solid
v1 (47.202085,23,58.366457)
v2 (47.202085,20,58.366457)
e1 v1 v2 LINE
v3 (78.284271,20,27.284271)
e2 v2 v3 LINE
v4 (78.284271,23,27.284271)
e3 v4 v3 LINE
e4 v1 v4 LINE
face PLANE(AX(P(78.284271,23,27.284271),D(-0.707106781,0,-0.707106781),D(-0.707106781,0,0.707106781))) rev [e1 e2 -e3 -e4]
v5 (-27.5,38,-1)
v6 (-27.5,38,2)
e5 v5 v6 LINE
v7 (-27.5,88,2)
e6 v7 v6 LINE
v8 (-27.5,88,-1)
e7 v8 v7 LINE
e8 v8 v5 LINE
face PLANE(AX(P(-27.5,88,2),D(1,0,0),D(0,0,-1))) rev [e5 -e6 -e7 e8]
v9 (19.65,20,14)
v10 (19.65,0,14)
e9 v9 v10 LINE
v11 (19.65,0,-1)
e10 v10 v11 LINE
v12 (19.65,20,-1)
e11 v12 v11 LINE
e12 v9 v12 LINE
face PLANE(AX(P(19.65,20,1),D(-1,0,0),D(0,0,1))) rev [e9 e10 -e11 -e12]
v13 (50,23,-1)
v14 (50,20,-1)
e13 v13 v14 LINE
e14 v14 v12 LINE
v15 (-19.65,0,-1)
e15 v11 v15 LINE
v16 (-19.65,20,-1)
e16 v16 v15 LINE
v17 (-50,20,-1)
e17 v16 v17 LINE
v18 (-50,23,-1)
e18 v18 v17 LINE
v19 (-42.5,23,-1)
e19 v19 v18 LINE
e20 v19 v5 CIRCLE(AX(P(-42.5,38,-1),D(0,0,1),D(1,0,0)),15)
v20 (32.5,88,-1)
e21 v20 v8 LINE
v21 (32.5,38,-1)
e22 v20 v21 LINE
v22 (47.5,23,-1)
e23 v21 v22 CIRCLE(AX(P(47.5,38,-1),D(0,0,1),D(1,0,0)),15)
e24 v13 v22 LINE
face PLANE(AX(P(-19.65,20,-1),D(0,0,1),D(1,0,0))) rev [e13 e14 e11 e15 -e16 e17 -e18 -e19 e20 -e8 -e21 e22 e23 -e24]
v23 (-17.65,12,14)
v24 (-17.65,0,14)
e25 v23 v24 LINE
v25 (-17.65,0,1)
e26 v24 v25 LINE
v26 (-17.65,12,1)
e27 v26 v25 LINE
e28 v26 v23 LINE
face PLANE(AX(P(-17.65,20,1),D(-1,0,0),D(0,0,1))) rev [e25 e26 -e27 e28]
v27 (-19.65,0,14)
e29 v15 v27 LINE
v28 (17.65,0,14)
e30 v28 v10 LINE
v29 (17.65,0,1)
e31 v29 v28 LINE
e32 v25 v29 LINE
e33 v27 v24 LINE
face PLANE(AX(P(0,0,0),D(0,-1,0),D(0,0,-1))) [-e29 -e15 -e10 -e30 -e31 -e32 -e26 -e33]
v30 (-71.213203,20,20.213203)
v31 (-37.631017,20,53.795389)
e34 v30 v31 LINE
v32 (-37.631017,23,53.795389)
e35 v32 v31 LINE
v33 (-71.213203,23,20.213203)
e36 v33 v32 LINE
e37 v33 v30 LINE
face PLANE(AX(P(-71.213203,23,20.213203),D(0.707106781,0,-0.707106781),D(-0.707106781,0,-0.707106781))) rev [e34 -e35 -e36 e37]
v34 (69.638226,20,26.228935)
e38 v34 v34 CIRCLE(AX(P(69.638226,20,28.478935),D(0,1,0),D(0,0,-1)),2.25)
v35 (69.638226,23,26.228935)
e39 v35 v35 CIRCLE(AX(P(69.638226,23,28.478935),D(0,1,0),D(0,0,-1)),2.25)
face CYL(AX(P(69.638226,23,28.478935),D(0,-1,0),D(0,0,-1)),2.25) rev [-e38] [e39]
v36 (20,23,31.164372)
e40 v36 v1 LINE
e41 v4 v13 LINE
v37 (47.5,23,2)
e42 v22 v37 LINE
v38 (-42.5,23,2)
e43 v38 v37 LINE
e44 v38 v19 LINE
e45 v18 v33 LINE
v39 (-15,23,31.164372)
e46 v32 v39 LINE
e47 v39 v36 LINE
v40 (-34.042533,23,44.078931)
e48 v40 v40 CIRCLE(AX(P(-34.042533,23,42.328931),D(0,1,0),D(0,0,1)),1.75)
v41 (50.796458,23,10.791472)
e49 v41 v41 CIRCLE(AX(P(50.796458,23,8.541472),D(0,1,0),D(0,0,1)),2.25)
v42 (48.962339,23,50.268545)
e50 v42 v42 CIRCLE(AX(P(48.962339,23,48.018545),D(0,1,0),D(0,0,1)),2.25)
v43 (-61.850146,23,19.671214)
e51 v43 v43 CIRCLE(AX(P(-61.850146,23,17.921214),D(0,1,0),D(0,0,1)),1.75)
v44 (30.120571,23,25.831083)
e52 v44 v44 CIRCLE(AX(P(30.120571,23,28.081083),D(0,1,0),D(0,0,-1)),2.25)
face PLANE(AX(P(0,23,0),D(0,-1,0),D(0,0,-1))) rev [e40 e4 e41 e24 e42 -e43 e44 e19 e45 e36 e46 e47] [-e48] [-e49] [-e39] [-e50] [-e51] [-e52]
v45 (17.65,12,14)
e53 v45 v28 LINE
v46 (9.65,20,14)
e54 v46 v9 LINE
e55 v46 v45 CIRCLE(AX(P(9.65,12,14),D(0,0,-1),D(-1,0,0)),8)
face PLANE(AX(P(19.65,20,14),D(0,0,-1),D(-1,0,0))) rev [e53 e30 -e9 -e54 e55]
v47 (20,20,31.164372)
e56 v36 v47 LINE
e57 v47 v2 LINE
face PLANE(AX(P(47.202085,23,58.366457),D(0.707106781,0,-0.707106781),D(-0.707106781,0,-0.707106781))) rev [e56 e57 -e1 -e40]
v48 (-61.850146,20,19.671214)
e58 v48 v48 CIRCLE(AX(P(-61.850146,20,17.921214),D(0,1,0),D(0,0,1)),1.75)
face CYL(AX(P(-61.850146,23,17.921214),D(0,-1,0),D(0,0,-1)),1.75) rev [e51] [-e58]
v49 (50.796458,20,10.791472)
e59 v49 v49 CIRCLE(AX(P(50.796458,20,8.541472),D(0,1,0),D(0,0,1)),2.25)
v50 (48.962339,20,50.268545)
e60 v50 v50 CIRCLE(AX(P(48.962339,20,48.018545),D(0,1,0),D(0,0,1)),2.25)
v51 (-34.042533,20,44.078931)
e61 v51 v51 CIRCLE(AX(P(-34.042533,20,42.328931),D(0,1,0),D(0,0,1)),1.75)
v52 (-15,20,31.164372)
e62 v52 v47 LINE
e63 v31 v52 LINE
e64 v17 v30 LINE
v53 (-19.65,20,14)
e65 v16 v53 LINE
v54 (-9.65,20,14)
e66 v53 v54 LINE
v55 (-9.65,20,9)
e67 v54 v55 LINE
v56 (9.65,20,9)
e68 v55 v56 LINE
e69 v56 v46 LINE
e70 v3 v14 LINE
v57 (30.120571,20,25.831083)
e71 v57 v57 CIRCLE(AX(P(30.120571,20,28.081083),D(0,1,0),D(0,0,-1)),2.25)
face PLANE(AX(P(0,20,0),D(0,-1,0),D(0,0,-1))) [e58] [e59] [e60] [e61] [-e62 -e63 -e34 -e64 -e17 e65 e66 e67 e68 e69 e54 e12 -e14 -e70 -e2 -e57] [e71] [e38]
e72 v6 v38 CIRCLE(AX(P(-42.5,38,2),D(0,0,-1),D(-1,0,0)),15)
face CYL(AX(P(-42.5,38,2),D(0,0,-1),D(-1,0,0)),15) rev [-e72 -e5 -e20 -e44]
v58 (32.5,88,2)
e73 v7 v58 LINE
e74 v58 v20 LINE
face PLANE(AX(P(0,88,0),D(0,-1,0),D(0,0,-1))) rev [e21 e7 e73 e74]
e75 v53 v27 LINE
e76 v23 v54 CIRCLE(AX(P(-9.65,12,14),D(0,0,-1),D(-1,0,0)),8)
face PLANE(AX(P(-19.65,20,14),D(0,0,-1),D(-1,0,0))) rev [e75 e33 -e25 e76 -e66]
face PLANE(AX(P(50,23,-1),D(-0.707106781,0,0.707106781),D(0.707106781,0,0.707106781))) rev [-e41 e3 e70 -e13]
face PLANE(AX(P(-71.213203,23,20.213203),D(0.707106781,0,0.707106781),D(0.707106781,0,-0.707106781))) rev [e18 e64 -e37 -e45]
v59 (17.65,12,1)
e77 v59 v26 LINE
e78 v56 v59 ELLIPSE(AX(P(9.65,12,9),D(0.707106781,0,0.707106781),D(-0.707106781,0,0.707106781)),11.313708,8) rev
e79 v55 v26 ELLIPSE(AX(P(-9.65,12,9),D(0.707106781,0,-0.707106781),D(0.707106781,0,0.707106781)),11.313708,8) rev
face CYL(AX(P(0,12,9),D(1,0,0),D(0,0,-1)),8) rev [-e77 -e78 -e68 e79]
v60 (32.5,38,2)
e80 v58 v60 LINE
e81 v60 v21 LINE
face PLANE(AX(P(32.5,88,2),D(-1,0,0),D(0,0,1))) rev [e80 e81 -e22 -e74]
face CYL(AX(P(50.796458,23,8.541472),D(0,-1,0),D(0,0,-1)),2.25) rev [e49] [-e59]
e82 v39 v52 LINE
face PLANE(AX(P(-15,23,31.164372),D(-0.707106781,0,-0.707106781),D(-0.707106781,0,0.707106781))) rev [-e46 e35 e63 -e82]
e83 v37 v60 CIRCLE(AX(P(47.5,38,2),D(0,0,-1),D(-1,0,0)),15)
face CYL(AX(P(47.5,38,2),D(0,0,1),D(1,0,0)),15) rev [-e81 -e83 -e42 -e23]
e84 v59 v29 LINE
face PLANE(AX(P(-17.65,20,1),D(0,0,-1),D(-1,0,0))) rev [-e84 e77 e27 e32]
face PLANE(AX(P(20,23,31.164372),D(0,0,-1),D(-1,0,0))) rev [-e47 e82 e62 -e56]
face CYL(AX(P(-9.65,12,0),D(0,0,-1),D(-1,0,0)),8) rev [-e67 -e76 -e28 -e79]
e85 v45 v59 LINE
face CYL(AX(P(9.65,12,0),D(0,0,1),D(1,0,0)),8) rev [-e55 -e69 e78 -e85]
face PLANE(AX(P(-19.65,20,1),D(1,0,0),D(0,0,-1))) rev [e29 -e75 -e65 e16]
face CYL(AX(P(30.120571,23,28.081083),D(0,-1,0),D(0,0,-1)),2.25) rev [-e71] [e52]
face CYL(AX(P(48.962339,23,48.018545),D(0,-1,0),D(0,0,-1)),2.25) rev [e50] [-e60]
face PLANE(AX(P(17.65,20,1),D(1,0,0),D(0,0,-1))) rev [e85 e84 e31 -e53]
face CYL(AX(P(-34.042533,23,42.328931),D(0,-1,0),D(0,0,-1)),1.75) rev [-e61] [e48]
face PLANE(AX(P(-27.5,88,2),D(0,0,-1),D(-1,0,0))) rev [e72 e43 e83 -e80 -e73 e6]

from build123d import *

# Parameters (mm, degrees)
BOSS_EXTRUDE1_DEPTH = 20
SKETCH2_R           = 1.75
SKETCH2_R_2         = 2.25
BOSS_EXTRUDE2_DEPTH = 3
FILLET1_R           = 8
SKETCH3_W           = 60
SKETCH3_H           = 3
BOSS_EXTRUDE3_DEPTH = 65
FILLET2_R           = 15


with BuildPart() as part:
    # Sketch1 → Boss-Extrude1 (new body)
    with BuildSketch(Plane(origin=(0, 0, 0), x_dir=(1, 0, 0), z_dir=(0, 1, 0))):
        Polygon((-17.65, -1), (17.65, -1), (17.65, -14), (19.65, -14), (19.65, -1), (19.65, 1), (-19.65, 1), (-19.65, -1), (-19.65, -14), (-17.65, -14), align=None)
    extrude(amount=BOSS_EXTRUDE1_DEPTH)

    # Sketch2 → Boss-Extrude2 (add)
    with BuildSketch(Plane(origin=(0, 20, 0), x_dir=(1, 0, 0), z_dir=(0, 1, 0))):
        Polygon((-50, 1), (50, 1), (78.284271247, -27.284271247), (47.202085299, -58.366457196), (20, -31.164371897), (-15, -31.164371897), (-37.631017487, -53.795389384), (-71.213203436, -20.213203436), align=None)
        with Locations(Location((-61.850146281, -17.921214092, 0), (0, 0, 270))):
            Circle(SKETCH2_R, mode=Mode.SUBTRACT)
        with Locations(Location((-34.042532687, -42.328930623, 0), (0, 0, 270))):
            Circle(SKETCH2_R, mode=Mode.SUBTRACT)
        with Locations(Location((48.962338505, -48.018545271, 0), (0, 0, 270))):
            Circle(SKETCH2_R_2, mode=Mode.SUBTRACT)
        with Locations(Location((69.638225821, -28.478934535, 0), (0, 0, 90))):
            Circle(SKETCH2_R_2, mode=Mode.SUBTRACT)
        with Locations(Location((50.796458326, -8.541471766, 0), (0, 0, 270))):
            Circle(SKETCH2_R_2, mode=Mode.SUBTRACT)
        with Locations(Location((30.12057101, -28.081082501, 0), (0, 0, 90))):
            Circle(SKETCH2_R_2, mode=Mode.SUBTRACT)
    extrude(amount=BOSS_EXTRUDE2_DEPTH)

    # Fillet1
    fillet1_edges = [part.edges().sort_by_distance(p)[0] for p in [
        (-17.65, 20, 7.5),
        (0, 20, 1),
        (17.65, 20, 7.5),
    ]]
    fillet(fillet1_edges, radius=FILLET1_R)

    # Sketch3 → Boss-Extrude3 (add)
    with BuildSketch(Plane(origin=(0, 23, 0), x_dir=(1, 0, 0), z_dir=(0, 1, 0))):
        with Locations((2.5, -0.5)):
            Rectangle(SKETCH3_W, SKETCH3_H)
    extrude(amount=BOSS_EXTRUDE3_DEPTH)

    # Fillet2
    fillet2_edges = [part.edges().sort_by_distance(p)[0] for p in [
        (32.5, 23, 0.5),
        (-27.5, 23, 0.5),
    ]]
    fillet(fillet2_edges, radius=FILLET2_R)


solid = part.part
